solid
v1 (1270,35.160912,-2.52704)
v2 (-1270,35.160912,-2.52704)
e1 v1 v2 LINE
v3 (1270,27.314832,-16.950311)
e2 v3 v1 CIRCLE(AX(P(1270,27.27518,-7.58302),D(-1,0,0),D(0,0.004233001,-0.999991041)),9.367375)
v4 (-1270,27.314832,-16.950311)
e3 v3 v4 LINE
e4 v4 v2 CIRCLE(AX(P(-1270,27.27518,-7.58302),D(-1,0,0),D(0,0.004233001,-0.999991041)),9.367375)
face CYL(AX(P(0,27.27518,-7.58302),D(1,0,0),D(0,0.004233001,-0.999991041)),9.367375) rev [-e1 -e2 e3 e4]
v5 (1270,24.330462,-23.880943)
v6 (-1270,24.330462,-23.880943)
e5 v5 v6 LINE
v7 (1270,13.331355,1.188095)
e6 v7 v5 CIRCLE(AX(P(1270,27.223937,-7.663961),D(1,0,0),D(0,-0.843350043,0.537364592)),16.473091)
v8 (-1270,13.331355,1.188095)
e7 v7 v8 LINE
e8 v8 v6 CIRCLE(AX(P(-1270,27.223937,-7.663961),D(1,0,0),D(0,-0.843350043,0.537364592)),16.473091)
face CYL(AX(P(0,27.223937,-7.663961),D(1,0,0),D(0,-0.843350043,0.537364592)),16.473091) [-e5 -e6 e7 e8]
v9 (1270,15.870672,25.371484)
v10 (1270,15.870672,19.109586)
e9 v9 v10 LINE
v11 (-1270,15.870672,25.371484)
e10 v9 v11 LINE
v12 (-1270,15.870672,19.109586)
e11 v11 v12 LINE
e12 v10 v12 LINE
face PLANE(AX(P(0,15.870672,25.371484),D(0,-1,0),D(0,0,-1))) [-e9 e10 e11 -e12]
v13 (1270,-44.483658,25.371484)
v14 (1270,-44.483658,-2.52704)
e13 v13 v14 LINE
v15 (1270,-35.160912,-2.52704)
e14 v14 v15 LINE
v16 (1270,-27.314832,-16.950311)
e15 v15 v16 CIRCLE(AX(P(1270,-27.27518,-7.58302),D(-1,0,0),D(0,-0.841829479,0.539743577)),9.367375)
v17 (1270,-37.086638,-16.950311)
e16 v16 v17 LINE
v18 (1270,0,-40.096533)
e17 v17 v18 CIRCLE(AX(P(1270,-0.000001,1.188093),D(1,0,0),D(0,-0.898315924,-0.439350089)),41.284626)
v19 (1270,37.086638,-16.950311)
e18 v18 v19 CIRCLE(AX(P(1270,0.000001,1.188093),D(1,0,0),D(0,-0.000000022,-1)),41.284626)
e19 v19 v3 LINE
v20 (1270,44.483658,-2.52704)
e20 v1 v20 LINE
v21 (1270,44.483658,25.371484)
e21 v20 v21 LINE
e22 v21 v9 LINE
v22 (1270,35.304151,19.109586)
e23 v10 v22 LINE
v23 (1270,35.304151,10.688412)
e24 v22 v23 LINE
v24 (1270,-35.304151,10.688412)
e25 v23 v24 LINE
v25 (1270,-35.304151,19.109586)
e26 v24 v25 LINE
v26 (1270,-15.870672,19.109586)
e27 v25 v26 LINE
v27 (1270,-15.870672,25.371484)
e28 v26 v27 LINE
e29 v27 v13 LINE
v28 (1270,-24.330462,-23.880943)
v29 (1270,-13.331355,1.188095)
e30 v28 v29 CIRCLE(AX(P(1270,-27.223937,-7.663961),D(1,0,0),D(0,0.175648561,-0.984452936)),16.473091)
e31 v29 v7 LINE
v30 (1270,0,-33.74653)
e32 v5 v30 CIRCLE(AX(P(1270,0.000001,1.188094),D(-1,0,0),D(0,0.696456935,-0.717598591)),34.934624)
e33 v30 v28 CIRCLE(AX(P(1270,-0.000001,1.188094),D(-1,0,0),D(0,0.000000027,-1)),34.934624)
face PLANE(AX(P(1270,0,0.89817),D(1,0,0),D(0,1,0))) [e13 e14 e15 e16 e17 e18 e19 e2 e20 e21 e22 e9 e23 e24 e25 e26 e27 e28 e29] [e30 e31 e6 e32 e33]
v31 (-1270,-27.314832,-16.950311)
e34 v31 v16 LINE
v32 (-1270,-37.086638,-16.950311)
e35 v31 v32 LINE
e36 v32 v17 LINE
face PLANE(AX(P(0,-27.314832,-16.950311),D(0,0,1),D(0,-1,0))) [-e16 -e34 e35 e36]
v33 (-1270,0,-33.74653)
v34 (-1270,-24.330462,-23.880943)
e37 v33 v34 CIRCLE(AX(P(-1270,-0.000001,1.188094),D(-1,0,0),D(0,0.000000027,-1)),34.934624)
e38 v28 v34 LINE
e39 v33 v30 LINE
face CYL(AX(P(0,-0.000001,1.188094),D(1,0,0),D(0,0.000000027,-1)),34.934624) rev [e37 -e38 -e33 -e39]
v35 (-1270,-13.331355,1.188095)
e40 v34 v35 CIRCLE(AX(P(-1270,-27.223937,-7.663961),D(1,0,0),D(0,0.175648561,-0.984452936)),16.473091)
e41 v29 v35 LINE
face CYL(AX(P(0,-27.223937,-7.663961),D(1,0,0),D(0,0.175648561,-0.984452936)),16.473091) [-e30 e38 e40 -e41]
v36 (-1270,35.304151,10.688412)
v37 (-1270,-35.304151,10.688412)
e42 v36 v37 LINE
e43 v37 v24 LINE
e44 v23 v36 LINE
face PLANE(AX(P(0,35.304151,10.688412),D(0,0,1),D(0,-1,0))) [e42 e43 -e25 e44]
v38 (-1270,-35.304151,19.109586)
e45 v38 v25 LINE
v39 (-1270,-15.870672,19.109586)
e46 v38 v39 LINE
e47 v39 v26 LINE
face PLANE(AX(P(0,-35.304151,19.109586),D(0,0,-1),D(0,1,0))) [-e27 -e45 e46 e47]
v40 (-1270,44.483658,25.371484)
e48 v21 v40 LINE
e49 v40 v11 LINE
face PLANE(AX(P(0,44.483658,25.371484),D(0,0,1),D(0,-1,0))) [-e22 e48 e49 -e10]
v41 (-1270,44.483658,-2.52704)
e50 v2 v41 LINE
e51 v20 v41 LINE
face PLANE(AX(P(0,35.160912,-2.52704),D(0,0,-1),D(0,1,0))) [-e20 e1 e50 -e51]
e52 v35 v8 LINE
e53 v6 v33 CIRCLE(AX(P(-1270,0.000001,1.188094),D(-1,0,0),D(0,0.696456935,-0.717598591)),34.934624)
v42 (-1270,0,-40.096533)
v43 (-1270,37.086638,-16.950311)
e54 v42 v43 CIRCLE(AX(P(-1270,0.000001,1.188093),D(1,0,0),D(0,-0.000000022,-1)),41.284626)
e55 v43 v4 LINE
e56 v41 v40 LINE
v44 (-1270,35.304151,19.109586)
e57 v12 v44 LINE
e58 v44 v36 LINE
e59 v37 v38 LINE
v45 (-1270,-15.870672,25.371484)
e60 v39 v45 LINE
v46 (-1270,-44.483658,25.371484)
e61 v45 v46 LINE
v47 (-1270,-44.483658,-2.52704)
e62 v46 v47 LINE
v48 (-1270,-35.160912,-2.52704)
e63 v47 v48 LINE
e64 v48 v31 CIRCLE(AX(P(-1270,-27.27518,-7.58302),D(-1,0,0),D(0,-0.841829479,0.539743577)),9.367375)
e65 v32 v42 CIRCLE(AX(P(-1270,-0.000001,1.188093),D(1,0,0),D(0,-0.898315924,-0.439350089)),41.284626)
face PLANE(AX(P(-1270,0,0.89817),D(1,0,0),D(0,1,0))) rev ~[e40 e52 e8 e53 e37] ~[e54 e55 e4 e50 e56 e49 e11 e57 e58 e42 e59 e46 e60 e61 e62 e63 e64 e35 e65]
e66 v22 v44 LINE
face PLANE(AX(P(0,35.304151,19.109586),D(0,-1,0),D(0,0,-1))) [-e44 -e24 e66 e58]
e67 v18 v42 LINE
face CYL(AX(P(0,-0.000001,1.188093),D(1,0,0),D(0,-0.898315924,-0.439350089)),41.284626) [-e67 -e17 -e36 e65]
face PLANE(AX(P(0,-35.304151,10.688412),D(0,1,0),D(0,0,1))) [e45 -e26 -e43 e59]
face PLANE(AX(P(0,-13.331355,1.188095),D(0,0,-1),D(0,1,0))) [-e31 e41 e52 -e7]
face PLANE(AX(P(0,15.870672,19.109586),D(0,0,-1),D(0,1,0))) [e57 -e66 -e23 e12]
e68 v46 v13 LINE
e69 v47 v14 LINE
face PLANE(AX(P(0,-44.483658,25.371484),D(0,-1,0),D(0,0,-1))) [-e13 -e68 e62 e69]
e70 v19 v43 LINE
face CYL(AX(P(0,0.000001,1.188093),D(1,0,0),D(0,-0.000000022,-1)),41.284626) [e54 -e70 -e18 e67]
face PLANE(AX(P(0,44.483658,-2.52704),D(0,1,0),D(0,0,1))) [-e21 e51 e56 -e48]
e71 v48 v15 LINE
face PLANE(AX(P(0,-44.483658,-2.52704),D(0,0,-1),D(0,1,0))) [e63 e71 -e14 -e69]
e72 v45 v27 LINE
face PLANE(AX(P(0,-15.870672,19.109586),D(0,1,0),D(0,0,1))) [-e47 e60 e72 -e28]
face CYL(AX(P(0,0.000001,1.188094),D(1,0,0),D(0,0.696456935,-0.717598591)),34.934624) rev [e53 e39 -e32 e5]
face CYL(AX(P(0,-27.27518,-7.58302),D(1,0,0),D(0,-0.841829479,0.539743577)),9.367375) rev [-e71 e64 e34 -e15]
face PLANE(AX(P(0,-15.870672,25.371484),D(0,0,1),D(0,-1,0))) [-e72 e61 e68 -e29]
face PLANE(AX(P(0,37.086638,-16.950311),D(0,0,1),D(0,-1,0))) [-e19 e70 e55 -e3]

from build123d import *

# Parameters (mm, degrees)
F1_DEPTH = 1270


with BuildPart() as f1:
    # F0 (on Right) → F1 (new body, symmetric)
    with BuildSketch(Plane.YZ):
        with BuildLine():
            Line((35.304151, 10.688412), (0, 10.688412))
            Line((0, 10.688412), (-35.304151, 10.688412))
            Line((-35.304151, 10.688412), (-35.304151, 19.109586))
            Line((-35.304151, 19.109586), (-15.870672, 19.109586))
            Line((-15.870672, 19.109586), (-15.870672, 25.371484))
            Line((-15.870672, 25.371484), (-44.483658, 25.371484))
            Line((-44.483658, 25.371484), (-44.483658, -2.52704))
            Line((-44.483658, -2.52704), (-35.160912, -2.52704))
            ThreePointArc((-35.160912, -2.52704), (-19.046534, -3.106739), (-27.314832, -16.950311))
            Line((-27.314832, -16.950311), (-37.086638, -16.950311))
            ThreePointArc((-37.086638, -16.950311), (-21.858444, -33.835168), (0, -40.096533))
            ThreePointArc((0, -40.096533), (21.858444, -33.835168), (37.086638, -16.950311))
            Line((37.086638, -16.950311), (27.314832, -16.950311))
            ThreePointArc((27.314832, -16.950311), (19.046534, -3.106739), (35.160912, -2.52704))
            Line((35.160912, -2.52704), (44.483658, -2.52704))
            Line((44.483658, -2.52704), (44.483658, 25.371484))
            Line((44.483658, 25.371484), (15.870672, 25.371484))
            Line((15.870672, 25.371484), (15.870672, 19.109586))
            Line((15.870672, 19.109586), (35.304151, 19.109586))
            Line((35.304151, 19.109586), (35.304151, 10.688412))
        make_face()
        with BuildLine():
            ThreePointArc((0, -33.74653), (-13.127273, -31.18632), (-24.330462, -23.880943))
            ThreePointArc((-24.330462, -23.880943), (-12.138941, -14.282542), (-13.331355, 1.188095))
            Line((-13.331355, 1.188095), (0, 1.188095))
            Line((0, 1.188095), (13.331355, 1.188095))
            ThreePointArc((13.331355, 1.188095), (12.138941, -14.282542), (24.330462, -23.880943))
            ThreePointArc((24.330462, -23.880943), (13.127273, -31.18632), (0, -33.74653))
        make_face(mode=Mode.SUBTRACT)
    extrude(amount=F1_DEPTH, both=True)


solid = f1.part
